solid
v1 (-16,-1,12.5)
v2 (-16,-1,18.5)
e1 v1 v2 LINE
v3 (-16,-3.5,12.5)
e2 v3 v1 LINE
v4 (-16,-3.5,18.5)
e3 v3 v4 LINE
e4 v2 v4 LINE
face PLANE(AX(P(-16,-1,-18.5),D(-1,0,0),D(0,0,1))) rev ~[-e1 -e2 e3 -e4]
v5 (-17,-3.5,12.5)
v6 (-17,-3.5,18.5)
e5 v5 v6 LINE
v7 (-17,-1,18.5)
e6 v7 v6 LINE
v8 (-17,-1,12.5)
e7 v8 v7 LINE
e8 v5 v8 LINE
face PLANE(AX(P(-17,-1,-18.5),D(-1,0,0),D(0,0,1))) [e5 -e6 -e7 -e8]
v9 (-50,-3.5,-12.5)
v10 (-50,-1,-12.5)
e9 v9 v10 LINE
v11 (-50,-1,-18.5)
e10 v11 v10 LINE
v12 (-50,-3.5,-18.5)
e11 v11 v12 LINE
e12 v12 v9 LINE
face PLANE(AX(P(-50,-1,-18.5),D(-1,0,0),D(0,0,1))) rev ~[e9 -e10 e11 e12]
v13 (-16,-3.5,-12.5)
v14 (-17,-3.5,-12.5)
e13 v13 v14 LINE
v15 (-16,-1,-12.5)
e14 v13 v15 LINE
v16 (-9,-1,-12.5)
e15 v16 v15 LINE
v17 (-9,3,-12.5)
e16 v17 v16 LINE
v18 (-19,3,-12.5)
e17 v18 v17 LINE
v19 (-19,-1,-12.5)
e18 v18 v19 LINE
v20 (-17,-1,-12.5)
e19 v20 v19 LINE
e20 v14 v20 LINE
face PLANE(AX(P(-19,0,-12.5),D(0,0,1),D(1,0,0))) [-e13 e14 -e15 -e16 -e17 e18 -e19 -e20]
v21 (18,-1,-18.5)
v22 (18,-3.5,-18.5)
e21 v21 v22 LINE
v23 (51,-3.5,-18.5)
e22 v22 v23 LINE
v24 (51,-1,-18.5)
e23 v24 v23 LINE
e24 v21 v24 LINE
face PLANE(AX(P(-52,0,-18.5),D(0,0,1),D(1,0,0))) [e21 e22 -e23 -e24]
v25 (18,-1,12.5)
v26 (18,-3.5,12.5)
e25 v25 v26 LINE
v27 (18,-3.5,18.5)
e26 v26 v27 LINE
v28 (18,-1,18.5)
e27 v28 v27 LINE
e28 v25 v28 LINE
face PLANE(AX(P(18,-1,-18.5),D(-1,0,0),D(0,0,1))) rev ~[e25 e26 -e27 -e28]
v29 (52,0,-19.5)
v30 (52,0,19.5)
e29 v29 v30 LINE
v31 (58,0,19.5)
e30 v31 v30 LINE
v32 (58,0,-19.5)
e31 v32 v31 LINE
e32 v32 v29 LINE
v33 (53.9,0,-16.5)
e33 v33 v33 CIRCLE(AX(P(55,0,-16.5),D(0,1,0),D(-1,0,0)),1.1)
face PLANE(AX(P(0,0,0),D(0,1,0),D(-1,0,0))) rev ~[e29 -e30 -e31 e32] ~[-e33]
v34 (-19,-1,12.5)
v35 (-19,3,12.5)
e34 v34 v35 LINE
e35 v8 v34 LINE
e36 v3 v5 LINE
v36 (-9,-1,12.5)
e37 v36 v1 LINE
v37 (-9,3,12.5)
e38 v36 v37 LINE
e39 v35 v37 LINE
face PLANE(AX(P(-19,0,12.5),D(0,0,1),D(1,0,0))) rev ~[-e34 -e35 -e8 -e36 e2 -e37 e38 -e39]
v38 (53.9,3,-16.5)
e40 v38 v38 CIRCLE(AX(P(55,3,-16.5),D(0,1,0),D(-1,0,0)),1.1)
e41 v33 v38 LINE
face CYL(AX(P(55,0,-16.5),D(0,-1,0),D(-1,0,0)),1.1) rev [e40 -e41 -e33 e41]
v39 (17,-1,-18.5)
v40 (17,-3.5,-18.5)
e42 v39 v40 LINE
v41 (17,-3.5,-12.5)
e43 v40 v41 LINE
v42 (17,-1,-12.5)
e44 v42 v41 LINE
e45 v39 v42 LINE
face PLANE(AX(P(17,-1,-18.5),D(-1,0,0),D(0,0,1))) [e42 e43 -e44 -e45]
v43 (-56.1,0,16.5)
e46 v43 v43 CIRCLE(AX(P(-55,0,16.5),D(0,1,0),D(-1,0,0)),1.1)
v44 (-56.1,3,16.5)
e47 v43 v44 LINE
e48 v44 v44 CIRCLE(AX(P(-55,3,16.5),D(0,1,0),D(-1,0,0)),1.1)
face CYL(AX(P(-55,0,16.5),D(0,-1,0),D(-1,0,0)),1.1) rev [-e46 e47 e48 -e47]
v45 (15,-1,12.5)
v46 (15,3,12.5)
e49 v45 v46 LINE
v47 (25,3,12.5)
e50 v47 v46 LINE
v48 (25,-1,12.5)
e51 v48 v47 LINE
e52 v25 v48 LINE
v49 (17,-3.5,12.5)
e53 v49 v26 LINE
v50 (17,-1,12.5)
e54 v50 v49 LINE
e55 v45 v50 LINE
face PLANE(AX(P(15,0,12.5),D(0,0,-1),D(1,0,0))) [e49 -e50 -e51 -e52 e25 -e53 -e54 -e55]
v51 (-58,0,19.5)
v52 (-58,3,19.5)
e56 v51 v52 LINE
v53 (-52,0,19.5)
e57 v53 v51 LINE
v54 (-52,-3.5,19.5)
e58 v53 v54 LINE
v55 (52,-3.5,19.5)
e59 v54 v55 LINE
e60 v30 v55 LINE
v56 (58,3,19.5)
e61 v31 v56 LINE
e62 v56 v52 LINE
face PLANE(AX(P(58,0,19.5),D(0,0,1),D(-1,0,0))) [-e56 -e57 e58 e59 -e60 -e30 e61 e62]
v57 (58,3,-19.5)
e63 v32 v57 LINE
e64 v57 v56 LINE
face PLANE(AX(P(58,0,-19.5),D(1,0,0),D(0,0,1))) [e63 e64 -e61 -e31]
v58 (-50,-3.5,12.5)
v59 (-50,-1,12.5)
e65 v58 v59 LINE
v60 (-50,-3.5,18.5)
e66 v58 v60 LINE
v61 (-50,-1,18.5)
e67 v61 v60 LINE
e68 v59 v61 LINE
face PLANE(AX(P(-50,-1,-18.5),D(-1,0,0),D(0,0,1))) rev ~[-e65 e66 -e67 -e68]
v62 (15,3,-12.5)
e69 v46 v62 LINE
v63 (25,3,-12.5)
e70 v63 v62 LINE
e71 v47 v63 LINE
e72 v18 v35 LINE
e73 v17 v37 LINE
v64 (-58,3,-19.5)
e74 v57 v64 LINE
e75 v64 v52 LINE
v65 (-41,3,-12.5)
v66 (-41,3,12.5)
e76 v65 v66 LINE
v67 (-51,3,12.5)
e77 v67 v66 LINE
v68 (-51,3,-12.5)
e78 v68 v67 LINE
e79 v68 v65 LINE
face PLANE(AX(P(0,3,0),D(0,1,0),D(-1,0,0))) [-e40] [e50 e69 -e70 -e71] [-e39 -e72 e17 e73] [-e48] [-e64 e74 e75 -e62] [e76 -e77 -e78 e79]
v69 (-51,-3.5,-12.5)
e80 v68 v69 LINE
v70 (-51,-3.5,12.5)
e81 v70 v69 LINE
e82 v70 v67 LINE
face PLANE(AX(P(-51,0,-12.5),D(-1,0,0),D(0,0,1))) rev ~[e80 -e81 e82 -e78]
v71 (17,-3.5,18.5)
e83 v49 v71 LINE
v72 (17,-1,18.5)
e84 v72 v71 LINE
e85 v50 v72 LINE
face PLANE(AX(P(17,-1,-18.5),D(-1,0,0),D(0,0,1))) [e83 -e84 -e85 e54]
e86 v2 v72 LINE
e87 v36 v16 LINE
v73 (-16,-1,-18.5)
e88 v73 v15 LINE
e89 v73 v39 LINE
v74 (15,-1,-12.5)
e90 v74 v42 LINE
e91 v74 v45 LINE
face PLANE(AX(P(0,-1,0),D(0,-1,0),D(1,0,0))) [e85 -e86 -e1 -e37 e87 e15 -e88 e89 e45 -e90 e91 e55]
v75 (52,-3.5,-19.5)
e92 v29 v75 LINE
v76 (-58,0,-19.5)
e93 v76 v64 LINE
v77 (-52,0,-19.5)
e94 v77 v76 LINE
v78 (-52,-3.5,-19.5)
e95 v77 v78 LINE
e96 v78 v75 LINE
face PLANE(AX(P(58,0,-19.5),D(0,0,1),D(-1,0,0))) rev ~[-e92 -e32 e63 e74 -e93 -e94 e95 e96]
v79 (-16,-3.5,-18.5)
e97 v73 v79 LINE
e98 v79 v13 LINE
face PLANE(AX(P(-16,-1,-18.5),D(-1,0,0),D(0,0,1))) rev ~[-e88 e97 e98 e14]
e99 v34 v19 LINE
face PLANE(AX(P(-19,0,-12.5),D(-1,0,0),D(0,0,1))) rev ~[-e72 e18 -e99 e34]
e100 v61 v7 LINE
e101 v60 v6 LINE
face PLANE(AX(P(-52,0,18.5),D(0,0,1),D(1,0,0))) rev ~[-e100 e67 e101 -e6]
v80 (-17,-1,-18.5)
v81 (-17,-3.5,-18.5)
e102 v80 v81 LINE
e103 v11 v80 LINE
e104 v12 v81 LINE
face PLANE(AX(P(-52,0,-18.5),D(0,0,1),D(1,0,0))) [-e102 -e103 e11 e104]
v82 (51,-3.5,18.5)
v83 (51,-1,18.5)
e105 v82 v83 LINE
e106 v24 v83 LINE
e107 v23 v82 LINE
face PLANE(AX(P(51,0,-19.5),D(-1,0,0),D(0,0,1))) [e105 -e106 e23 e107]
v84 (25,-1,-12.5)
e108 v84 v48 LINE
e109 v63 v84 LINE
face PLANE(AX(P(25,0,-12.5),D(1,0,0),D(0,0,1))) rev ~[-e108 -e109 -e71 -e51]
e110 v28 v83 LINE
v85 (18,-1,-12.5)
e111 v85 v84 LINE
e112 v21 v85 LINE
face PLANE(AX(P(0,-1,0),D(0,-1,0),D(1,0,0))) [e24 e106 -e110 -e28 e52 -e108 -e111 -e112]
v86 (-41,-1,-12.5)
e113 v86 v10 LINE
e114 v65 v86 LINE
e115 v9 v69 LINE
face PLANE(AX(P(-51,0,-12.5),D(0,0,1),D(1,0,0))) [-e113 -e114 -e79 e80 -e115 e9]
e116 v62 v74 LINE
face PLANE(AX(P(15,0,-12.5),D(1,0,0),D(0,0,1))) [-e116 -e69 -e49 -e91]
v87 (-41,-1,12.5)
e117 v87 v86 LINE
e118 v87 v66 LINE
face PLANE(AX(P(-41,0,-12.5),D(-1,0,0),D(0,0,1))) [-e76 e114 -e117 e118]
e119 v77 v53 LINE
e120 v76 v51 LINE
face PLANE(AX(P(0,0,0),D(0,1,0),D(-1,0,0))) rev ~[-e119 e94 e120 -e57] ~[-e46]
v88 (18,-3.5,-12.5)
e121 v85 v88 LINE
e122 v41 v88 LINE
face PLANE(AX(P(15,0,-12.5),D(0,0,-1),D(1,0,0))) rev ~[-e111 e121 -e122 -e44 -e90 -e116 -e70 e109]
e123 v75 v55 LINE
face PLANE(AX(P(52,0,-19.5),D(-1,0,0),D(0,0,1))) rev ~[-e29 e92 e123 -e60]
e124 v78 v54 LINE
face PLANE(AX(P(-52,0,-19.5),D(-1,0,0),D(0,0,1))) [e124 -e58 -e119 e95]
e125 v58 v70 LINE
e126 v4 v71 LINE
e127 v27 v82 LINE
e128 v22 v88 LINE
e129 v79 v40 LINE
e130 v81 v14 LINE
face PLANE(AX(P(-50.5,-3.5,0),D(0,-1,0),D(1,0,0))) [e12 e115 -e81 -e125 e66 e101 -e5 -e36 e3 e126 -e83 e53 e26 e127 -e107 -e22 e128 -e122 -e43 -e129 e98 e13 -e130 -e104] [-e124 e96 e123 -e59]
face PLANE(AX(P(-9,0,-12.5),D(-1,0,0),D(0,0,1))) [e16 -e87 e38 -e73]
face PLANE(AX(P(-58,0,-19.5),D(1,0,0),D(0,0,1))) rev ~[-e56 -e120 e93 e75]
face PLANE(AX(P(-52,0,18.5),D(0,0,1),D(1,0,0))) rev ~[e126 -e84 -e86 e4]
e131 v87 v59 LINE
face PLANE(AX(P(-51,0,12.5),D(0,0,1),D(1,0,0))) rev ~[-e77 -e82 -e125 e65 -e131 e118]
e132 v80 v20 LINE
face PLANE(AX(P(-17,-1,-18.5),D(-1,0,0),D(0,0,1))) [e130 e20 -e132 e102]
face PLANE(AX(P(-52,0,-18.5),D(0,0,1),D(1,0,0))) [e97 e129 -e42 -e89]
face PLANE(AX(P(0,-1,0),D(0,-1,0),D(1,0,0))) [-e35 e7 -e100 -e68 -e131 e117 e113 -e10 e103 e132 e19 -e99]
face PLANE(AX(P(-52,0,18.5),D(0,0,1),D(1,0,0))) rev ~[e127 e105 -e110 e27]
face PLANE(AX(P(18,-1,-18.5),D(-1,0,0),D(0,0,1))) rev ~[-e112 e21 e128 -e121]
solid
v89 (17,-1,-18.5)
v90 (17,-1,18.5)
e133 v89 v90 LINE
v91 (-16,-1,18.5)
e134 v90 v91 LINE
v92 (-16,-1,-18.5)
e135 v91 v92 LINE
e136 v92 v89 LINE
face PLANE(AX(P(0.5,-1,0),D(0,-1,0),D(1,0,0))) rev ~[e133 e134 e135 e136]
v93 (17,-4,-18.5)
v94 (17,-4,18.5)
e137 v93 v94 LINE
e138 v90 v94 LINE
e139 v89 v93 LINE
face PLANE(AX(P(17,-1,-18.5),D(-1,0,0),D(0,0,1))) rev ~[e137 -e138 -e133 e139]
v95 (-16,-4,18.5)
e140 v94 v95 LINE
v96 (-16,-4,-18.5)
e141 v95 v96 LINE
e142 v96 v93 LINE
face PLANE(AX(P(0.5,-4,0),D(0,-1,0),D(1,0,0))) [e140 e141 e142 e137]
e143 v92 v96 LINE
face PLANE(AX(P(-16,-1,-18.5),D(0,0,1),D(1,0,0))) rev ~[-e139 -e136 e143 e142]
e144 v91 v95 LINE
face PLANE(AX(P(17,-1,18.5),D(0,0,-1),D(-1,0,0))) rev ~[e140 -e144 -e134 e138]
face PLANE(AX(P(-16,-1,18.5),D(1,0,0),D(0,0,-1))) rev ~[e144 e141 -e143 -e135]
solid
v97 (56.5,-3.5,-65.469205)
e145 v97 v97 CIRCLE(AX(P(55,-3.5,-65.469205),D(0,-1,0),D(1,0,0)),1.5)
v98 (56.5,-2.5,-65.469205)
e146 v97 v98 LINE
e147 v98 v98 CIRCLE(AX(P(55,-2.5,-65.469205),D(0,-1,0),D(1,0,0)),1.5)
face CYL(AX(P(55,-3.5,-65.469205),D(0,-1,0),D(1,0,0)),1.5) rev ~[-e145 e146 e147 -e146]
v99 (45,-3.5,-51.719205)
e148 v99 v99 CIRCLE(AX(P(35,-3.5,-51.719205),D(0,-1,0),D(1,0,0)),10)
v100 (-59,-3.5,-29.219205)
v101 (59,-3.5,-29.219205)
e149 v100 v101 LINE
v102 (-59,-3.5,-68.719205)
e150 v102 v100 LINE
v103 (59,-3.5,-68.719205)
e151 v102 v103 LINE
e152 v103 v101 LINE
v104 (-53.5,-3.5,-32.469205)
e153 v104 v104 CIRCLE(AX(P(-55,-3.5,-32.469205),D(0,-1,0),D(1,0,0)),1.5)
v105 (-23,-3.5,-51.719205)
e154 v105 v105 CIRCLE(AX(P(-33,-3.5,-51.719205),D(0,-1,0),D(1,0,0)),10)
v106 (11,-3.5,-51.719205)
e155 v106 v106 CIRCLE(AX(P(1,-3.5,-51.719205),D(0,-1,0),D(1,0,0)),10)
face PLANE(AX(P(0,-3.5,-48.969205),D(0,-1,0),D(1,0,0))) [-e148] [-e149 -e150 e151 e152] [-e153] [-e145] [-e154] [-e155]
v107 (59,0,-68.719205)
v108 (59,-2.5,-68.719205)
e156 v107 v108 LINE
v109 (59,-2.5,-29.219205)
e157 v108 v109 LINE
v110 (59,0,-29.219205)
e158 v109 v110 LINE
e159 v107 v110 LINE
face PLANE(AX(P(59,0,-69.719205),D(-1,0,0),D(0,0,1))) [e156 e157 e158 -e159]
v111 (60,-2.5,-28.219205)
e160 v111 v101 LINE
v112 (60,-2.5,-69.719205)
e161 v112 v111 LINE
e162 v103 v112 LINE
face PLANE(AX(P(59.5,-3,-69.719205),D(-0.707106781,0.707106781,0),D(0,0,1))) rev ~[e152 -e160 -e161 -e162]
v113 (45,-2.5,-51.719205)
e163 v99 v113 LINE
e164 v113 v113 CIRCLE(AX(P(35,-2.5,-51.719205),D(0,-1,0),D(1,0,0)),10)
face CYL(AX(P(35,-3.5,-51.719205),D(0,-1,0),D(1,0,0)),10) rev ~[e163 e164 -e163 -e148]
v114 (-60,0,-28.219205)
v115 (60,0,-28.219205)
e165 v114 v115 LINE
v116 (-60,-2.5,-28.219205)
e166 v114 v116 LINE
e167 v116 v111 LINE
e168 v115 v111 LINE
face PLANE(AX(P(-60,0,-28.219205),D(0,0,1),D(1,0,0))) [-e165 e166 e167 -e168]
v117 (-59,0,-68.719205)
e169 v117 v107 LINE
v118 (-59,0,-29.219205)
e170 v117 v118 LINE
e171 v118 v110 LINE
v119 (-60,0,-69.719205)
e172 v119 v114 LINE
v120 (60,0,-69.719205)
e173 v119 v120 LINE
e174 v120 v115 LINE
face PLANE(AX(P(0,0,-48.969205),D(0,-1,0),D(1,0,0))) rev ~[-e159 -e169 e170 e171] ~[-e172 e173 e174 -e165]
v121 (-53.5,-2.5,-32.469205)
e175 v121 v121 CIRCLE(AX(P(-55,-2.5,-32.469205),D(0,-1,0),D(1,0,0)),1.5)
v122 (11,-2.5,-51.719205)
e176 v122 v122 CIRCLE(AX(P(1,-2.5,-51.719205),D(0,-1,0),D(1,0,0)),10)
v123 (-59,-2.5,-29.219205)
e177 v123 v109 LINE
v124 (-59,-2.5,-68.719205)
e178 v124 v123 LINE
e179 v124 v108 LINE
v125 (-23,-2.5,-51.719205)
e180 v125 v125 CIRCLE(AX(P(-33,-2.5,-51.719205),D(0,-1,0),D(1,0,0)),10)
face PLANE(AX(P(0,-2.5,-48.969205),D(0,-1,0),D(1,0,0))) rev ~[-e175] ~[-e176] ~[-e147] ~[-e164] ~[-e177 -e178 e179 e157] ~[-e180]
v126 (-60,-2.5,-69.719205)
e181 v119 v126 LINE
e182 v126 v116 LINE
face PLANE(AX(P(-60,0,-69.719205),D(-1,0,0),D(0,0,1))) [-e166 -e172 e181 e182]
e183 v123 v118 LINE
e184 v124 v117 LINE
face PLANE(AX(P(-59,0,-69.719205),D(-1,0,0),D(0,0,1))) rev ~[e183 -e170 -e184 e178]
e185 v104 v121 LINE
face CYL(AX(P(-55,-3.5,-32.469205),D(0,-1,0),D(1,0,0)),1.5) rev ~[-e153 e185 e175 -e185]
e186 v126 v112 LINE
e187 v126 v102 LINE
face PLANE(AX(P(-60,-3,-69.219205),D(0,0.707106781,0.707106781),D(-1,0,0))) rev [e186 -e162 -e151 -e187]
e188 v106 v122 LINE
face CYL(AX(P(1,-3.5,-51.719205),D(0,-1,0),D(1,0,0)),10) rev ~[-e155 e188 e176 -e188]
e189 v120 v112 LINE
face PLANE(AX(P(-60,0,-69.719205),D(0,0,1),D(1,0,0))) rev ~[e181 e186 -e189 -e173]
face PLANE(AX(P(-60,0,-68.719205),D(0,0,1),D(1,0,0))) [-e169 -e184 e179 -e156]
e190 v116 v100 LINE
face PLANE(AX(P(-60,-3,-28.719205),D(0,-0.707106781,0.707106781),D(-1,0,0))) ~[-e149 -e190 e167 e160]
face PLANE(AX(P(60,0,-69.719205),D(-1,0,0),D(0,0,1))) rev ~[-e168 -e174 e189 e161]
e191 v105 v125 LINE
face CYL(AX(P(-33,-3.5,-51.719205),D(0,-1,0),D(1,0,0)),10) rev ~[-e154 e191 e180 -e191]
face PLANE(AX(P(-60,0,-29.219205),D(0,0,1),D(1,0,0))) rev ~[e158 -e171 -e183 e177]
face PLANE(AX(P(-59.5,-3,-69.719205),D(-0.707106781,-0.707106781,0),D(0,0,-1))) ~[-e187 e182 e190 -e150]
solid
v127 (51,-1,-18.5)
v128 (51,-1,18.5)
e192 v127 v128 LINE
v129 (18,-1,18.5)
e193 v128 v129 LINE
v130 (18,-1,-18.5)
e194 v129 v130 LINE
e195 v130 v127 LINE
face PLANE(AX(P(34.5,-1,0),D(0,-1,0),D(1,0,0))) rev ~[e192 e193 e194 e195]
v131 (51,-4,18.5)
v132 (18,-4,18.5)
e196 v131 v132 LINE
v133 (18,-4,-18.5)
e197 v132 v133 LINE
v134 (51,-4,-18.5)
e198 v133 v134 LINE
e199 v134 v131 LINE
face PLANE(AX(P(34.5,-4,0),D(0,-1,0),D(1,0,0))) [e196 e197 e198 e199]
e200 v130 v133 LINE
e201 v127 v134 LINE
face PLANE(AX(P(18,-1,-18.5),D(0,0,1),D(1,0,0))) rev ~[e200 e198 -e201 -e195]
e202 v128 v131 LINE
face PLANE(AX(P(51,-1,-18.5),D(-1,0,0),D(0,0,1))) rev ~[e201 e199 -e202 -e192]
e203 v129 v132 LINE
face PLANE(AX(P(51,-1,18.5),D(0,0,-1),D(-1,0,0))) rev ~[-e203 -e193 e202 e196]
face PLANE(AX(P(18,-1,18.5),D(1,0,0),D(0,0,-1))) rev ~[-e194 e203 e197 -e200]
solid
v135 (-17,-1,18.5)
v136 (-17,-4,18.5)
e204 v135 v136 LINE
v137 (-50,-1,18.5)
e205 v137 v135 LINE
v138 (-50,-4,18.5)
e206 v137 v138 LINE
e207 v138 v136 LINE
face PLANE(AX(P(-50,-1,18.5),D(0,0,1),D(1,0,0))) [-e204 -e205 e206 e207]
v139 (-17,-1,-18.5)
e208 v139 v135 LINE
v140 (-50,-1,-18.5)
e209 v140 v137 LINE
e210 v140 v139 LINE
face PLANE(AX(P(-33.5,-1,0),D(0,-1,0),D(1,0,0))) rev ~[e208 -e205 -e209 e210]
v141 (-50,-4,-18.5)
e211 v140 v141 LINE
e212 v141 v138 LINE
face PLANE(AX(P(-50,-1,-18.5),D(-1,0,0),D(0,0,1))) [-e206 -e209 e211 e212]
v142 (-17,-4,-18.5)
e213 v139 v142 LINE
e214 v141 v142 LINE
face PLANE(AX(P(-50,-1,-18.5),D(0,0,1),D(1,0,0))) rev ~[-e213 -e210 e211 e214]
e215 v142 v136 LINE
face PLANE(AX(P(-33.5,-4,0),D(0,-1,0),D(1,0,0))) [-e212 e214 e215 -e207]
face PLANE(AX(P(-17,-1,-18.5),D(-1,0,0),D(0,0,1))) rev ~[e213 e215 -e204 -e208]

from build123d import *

# Parameters (mm, degrees)
F0_W      = 104
F0_H      = 39
F1_DEPTH  = 3.5
F2_T      = -1
F3_W      = 1
F3_H      = 37
F4_DEPTH  = 2.5
F5_W      = 116
F5_H      = 39
F5_R      = 1.1
F6_DEPTH  = 3
F7_W      = 10
F7_H      = 25
F8_DEPTH  = 5.6
F9_W      = 120
F9_H      = 41.5
F10_DEPTH = 3.5
F11_T     = -1
F12_R     = 1.5
F12_R_2   = 10
F13_DEPTH = 1
F14_SIZE  = 1
F15_W     = 33
F15_H     = 37
F16_DEPTH = 3


with BuildPart() as f1:
    # F0 (on Front) → F1 (new body)
    with BuildSketch(Plane.XZ):
        Rectangle(F0_W, F0_H)
    extrude(amount=F1_DEPTH)

    # F2
    f2_openings = [f1.faces().sort_by_distance(p)[0] for p in [
        (0, -3.5, 0),
    ]]
    offset(amount=F2_T, openings=f2_openings)

    # F3 (on face) → F4 (join)
    with BuildSketch(Plane.XZ.offset(1)):
        with Locations((-16.5, 0)):
            Rectangle(F3_W, F3_H)
        with Locations((17.5, 0)):
            Rectangle(F3_W, F3_H)
        with Locations((-50.5, 0)):
            Rectangle(F3_W, F3_H)
    extrude(amount=F4_DEPTH)

    # F5 (on face) → F6 (join)
    with BuildSketch(Plane(origin=(0, 0, 0), x_dir=(-1, 0, 0), z_dir=(0, 1, 0))):
        Rectangle(F5_W, F5_H)
        with Locations((-55, -16.5)):
            Circle(F5_R, mode=Mode.SUBTRACT)
        with Locations((55, 16.5)):
            Circle(F5_R, mode=Mode.SUBTRACT)
    extrude(amount=F6_DEPTH)

    # F7 (on Front) → F8 (cut, symmetric)
    with BuildSketch(Plane.XZ):
        with Locations((-46, 0)):
            Rectangle(F7_W, F7_H)
        with Locations((-14, 0)):
            Rectangle(F7_W, F7_H)
        with Locations((20, 0)):
            Rectangle(F7_W, F7_H)
    extrude(amount=F8_DEPTH, both=True, mode=Mode.SUBTRACT)


with BuildPart() as f10:
    # F9 (on Front) → F10 (new body)
    with BuildSketch(Plane.XZ):
        with Locations((0, -48.9692046804)):
            Rectangle(F9_W, F9_H)
    extrude(amount=F10_DEPTH)

    # F11
    f11_openings = [f10.faces().sort_by_distance(p)[0] for p in [
        (0, 0, -48.969205),
    ]]
    offset(amount=F11_T, openings=f11_openings)

    # F12 (on face) → F13 (cut)
    with BuildSketch(Plane.XZ.offset(3.5)):
        with Locations((55, -65.4692046804)):
            Circle(F12_R)
        with Locations((-55, -32.4692046804)):
            Circle(F12_R)
        with Locations((-33, -51.7192046804)):
            Circle(F12_R_2)
        with Locations((1, -51.7192046804)):
            Circle(F12_R_2)
        with Locations((35, -51.7192046804)):
            Circle(F12_R_2)
    extrude(amount=-F13_DEPTH, mode=Mode.SUBTRACT)

    # F14
    f14_edges = [f10.edges().sort_by_distance(p)[0] for p in [
        (0, -3.5, -28.219205),
        (-60, -3.5, -48.969205),
        (60, -3.5, -48.969205),
        (0, -3.5, -69.719205),
    ]]
    chamfer(f14_edges, length=F14_SIZE)


with BuildPart() as f16:
    # F15 (on face) → F16 (new body)
    with BuildSketch(Plane.XZ.offset(1)):
        with Locations((-33.5, 0)):
            Rectangle(F15_W, F15_H)
    extrude(amount=F16_DEPTH)


with BuildPart() as f16b:
    # F15 (on face) → F16, piece 2 (new body)
    with BuildSketch(Plane.XZ.offset(1)):
        Polygon((17, -12.5), (17, 18.5), (-16, 18.5), (-16, 12.5), (-16, -18.5), (17, -18.5), align=None)
    extrude(amount=F16_DEPTH)


with BuildPart() as f16c:
    # F15 (on face) → F16, piece 3 (new body)
    with BuildSketch(Plane.XZ.offset(1)):
        Polygon((51, -18.5), (51, 18.5), (18, 18.5), (18, 12.5), (18, -18.5), align=None)
    extrude(amount=F16_DEPTH)


solid = Compound([f1.part, f10.part, f16.part, f16b.part, f16c.part])
